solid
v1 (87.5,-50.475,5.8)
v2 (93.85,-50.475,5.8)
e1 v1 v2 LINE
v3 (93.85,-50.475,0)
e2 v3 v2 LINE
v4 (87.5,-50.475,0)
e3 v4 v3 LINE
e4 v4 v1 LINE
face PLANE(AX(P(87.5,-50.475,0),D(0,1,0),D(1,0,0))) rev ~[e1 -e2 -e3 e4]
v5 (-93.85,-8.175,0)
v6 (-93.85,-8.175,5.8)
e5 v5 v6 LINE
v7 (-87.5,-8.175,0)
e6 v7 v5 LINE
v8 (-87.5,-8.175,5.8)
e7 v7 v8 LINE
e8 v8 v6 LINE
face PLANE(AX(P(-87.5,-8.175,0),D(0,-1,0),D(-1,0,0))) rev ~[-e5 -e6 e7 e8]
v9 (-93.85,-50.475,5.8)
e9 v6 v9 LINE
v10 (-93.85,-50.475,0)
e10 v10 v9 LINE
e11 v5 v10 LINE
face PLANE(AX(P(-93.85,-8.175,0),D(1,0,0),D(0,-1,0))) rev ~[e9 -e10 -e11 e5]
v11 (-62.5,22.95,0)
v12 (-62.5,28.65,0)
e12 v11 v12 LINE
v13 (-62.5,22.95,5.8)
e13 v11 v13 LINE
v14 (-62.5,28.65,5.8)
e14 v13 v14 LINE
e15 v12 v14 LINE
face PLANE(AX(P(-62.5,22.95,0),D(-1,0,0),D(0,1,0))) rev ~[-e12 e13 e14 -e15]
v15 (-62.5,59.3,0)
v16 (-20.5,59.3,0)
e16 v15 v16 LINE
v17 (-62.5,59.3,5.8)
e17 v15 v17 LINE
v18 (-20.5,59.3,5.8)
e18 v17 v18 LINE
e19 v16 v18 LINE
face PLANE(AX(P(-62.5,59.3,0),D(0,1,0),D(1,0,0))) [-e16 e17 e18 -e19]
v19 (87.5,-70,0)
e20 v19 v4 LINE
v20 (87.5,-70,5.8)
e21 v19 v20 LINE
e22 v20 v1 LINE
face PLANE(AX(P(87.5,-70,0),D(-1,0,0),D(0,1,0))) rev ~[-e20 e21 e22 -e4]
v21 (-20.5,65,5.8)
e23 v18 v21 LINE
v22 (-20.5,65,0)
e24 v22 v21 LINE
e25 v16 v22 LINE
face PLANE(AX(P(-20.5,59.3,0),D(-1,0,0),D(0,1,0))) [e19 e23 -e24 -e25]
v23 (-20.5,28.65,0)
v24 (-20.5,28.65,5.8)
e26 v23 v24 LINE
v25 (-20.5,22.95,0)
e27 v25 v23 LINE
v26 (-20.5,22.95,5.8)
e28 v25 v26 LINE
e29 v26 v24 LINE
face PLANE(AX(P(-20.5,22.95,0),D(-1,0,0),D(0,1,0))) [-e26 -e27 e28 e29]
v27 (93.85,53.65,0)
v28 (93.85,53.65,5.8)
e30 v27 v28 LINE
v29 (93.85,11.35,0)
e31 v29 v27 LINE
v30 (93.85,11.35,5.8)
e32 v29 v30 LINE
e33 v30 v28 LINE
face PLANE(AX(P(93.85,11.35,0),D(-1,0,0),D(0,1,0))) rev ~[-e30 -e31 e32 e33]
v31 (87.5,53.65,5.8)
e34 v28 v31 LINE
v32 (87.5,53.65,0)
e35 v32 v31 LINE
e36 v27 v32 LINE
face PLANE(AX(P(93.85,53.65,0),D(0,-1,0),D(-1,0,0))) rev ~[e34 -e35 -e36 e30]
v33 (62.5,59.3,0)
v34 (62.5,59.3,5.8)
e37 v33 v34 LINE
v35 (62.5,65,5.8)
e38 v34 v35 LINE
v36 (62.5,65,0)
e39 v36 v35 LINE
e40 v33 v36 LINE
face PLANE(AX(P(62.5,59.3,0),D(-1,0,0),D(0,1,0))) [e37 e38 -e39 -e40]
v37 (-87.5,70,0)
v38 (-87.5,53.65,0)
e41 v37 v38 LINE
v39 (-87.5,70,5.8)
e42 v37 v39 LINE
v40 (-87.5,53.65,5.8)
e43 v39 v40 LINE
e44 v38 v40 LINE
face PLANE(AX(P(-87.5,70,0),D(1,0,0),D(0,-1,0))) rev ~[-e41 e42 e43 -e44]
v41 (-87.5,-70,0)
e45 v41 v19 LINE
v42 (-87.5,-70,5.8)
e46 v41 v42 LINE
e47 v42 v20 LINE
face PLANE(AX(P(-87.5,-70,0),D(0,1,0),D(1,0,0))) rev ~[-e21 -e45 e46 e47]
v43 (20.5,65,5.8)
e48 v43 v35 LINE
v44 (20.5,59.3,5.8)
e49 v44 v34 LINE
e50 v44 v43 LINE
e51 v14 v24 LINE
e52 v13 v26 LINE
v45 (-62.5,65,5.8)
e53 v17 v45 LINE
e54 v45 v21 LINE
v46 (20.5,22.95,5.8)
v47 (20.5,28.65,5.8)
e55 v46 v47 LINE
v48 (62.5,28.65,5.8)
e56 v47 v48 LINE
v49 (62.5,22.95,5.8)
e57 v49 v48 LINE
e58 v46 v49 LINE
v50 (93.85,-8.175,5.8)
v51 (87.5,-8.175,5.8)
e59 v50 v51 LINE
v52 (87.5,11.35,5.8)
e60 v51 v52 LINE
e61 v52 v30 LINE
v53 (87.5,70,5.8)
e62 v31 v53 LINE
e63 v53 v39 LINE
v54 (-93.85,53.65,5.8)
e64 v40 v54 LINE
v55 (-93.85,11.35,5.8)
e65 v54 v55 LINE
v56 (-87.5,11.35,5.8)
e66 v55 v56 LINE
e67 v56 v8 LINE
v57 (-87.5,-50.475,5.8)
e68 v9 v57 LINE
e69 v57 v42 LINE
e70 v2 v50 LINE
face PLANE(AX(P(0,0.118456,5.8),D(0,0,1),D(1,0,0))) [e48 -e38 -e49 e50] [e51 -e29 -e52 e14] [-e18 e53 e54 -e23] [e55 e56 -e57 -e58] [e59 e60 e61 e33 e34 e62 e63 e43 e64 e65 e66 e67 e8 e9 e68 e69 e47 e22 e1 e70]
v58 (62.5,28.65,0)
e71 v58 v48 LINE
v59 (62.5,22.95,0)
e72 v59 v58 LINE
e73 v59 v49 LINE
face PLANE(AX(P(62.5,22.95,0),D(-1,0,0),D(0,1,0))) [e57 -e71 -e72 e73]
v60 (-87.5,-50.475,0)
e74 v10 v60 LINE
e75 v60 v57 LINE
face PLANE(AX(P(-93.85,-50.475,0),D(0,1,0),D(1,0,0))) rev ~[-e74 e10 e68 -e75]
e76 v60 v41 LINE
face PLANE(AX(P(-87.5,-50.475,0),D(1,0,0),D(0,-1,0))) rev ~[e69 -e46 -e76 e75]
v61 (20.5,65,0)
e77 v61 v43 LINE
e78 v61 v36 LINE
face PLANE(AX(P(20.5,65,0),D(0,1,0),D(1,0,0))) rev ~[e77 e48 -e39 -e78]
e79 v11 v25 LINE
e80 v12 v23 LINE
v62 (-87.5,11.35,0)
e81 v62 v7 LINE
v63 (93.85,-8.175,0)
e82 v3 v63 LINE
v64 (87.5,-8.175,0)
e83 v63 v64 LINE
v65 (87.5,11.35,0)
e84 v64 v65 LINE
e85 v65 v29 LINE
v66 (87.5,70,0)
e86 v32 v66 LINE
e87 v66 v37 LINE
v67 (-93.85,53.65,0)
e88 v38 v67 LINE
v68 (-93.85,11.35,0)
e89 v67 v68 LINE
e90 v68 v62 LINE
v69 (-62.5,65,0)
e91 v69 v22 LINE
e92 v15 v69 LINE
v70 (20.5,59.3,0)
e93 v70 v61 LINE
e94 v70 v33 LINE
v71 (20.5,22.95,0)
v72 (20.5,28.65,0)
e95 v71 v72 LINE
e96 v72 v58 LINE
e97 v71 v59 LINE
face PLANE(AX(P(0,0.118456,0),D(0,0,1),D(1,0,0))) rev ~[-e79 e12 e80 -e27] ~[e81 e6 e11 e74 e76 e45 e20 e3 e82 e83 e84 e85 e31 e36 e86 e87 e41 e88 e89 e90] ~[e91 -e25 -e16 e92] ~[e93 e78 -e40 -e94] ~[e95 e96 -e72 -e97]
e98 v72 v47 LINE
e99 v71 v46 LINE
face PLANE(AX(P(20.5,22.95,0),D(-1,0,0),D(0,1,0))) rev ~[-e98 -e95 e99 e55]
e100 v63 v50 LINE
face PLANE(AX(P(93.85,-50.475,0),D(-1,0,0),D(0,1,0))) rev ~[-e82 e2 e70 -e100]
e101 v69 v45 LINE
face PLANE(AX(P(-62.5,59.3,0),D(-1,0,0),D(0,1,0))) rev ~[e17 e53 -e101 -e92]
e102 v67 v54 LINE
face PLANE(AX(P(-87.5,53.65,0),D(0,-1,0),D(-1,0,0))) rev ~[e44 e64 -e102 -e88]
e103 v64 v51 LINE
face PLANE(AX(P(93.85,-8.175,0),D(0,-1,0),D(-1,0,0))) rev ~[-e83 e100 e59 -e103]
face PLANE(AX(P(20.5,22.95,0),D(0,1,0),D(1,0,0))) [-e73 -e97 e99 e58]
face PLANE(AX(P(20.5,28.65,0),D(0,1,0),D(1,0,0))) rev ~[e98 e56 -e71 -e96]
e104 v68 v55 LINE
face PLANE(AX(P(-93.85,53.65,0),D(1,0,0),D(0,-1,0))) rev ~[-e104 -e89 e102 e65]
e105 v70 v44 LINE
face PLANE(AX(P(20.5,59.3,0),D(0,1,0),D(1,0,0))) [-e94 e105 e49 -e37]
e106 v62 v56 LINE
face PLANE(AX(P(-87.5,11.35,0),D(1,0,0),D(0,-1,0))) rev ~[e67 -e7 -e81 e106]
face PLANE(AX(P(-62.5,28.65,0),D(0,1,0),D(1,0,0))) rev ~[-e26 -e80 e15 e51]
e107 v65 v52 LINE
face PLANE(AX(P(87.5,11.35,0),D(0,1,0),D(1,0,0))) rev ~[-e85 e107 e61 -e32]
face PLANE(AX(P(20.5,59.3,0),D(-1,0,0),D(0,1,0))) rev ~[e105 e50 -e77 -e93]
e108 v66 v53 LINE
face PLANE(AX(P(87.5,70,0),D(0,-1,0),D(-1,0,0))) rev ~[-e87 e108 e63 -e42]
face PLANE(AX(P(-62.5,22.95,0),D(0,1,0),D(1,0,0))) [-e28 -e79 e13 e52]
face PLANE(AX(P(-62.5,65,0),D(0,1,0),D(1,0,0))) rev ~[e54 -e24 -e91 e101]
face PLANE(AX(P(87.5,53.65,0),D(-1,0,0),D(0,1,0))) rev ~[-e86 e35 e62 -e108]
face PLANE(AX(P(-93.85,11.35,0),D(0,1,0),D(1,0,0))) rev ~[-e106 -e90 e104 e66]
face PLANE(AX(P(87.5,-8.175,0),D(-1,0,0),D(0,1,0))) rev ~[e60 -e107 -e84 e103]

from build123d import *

# Parameters (mm, degrees)
F0_W     = 42
F0_H     = 5.7
F1_DEPTH = 5.8


with BuildPart() as f1:
    # F0 (on Top) → F1 (new body)
    with BuildSketch(Plane.XY):
        Polygon((87.5, 53.65), (87.5, 70), (-87.5, 70), (-87.5, 53.65), (-93.85, 53.65), (-93.85, 11.35), (-87.5, 11.35), (-87.5, -8.175), (-93.85, -8.175), (-93.85, -50.475), (-87.5, -50.475), (-87.5, -70), (87.5, -70), (87.5, -50.475), (93.85, -50.475), (93.85, -8.175), (87.5, -8.175), (87.5, 11.35), (93.85, 11.35), (93.85, 53.65), align=None)
        with Locations((-41.5, 25.8)):
            Rectangle(F0_W, F0_H, mode=Mode.SUBTRACT)
        with Locations((-41.5, 62.15)):
            Rectangle(F0_W, F0_H, mode=Mode.SUBTRACT)
        with Locations((41.5, 25.8)):
            Rectangle(F0_W, F0_H, mode=Mode.SUBTRACT)
        with Locations((41.5, 62.15)):
            Rectangle(F0_W, F0_H, mode=Mode.SUBTRACT)
    extrude(amount=F1_DEPTH)


solid = f1.part
